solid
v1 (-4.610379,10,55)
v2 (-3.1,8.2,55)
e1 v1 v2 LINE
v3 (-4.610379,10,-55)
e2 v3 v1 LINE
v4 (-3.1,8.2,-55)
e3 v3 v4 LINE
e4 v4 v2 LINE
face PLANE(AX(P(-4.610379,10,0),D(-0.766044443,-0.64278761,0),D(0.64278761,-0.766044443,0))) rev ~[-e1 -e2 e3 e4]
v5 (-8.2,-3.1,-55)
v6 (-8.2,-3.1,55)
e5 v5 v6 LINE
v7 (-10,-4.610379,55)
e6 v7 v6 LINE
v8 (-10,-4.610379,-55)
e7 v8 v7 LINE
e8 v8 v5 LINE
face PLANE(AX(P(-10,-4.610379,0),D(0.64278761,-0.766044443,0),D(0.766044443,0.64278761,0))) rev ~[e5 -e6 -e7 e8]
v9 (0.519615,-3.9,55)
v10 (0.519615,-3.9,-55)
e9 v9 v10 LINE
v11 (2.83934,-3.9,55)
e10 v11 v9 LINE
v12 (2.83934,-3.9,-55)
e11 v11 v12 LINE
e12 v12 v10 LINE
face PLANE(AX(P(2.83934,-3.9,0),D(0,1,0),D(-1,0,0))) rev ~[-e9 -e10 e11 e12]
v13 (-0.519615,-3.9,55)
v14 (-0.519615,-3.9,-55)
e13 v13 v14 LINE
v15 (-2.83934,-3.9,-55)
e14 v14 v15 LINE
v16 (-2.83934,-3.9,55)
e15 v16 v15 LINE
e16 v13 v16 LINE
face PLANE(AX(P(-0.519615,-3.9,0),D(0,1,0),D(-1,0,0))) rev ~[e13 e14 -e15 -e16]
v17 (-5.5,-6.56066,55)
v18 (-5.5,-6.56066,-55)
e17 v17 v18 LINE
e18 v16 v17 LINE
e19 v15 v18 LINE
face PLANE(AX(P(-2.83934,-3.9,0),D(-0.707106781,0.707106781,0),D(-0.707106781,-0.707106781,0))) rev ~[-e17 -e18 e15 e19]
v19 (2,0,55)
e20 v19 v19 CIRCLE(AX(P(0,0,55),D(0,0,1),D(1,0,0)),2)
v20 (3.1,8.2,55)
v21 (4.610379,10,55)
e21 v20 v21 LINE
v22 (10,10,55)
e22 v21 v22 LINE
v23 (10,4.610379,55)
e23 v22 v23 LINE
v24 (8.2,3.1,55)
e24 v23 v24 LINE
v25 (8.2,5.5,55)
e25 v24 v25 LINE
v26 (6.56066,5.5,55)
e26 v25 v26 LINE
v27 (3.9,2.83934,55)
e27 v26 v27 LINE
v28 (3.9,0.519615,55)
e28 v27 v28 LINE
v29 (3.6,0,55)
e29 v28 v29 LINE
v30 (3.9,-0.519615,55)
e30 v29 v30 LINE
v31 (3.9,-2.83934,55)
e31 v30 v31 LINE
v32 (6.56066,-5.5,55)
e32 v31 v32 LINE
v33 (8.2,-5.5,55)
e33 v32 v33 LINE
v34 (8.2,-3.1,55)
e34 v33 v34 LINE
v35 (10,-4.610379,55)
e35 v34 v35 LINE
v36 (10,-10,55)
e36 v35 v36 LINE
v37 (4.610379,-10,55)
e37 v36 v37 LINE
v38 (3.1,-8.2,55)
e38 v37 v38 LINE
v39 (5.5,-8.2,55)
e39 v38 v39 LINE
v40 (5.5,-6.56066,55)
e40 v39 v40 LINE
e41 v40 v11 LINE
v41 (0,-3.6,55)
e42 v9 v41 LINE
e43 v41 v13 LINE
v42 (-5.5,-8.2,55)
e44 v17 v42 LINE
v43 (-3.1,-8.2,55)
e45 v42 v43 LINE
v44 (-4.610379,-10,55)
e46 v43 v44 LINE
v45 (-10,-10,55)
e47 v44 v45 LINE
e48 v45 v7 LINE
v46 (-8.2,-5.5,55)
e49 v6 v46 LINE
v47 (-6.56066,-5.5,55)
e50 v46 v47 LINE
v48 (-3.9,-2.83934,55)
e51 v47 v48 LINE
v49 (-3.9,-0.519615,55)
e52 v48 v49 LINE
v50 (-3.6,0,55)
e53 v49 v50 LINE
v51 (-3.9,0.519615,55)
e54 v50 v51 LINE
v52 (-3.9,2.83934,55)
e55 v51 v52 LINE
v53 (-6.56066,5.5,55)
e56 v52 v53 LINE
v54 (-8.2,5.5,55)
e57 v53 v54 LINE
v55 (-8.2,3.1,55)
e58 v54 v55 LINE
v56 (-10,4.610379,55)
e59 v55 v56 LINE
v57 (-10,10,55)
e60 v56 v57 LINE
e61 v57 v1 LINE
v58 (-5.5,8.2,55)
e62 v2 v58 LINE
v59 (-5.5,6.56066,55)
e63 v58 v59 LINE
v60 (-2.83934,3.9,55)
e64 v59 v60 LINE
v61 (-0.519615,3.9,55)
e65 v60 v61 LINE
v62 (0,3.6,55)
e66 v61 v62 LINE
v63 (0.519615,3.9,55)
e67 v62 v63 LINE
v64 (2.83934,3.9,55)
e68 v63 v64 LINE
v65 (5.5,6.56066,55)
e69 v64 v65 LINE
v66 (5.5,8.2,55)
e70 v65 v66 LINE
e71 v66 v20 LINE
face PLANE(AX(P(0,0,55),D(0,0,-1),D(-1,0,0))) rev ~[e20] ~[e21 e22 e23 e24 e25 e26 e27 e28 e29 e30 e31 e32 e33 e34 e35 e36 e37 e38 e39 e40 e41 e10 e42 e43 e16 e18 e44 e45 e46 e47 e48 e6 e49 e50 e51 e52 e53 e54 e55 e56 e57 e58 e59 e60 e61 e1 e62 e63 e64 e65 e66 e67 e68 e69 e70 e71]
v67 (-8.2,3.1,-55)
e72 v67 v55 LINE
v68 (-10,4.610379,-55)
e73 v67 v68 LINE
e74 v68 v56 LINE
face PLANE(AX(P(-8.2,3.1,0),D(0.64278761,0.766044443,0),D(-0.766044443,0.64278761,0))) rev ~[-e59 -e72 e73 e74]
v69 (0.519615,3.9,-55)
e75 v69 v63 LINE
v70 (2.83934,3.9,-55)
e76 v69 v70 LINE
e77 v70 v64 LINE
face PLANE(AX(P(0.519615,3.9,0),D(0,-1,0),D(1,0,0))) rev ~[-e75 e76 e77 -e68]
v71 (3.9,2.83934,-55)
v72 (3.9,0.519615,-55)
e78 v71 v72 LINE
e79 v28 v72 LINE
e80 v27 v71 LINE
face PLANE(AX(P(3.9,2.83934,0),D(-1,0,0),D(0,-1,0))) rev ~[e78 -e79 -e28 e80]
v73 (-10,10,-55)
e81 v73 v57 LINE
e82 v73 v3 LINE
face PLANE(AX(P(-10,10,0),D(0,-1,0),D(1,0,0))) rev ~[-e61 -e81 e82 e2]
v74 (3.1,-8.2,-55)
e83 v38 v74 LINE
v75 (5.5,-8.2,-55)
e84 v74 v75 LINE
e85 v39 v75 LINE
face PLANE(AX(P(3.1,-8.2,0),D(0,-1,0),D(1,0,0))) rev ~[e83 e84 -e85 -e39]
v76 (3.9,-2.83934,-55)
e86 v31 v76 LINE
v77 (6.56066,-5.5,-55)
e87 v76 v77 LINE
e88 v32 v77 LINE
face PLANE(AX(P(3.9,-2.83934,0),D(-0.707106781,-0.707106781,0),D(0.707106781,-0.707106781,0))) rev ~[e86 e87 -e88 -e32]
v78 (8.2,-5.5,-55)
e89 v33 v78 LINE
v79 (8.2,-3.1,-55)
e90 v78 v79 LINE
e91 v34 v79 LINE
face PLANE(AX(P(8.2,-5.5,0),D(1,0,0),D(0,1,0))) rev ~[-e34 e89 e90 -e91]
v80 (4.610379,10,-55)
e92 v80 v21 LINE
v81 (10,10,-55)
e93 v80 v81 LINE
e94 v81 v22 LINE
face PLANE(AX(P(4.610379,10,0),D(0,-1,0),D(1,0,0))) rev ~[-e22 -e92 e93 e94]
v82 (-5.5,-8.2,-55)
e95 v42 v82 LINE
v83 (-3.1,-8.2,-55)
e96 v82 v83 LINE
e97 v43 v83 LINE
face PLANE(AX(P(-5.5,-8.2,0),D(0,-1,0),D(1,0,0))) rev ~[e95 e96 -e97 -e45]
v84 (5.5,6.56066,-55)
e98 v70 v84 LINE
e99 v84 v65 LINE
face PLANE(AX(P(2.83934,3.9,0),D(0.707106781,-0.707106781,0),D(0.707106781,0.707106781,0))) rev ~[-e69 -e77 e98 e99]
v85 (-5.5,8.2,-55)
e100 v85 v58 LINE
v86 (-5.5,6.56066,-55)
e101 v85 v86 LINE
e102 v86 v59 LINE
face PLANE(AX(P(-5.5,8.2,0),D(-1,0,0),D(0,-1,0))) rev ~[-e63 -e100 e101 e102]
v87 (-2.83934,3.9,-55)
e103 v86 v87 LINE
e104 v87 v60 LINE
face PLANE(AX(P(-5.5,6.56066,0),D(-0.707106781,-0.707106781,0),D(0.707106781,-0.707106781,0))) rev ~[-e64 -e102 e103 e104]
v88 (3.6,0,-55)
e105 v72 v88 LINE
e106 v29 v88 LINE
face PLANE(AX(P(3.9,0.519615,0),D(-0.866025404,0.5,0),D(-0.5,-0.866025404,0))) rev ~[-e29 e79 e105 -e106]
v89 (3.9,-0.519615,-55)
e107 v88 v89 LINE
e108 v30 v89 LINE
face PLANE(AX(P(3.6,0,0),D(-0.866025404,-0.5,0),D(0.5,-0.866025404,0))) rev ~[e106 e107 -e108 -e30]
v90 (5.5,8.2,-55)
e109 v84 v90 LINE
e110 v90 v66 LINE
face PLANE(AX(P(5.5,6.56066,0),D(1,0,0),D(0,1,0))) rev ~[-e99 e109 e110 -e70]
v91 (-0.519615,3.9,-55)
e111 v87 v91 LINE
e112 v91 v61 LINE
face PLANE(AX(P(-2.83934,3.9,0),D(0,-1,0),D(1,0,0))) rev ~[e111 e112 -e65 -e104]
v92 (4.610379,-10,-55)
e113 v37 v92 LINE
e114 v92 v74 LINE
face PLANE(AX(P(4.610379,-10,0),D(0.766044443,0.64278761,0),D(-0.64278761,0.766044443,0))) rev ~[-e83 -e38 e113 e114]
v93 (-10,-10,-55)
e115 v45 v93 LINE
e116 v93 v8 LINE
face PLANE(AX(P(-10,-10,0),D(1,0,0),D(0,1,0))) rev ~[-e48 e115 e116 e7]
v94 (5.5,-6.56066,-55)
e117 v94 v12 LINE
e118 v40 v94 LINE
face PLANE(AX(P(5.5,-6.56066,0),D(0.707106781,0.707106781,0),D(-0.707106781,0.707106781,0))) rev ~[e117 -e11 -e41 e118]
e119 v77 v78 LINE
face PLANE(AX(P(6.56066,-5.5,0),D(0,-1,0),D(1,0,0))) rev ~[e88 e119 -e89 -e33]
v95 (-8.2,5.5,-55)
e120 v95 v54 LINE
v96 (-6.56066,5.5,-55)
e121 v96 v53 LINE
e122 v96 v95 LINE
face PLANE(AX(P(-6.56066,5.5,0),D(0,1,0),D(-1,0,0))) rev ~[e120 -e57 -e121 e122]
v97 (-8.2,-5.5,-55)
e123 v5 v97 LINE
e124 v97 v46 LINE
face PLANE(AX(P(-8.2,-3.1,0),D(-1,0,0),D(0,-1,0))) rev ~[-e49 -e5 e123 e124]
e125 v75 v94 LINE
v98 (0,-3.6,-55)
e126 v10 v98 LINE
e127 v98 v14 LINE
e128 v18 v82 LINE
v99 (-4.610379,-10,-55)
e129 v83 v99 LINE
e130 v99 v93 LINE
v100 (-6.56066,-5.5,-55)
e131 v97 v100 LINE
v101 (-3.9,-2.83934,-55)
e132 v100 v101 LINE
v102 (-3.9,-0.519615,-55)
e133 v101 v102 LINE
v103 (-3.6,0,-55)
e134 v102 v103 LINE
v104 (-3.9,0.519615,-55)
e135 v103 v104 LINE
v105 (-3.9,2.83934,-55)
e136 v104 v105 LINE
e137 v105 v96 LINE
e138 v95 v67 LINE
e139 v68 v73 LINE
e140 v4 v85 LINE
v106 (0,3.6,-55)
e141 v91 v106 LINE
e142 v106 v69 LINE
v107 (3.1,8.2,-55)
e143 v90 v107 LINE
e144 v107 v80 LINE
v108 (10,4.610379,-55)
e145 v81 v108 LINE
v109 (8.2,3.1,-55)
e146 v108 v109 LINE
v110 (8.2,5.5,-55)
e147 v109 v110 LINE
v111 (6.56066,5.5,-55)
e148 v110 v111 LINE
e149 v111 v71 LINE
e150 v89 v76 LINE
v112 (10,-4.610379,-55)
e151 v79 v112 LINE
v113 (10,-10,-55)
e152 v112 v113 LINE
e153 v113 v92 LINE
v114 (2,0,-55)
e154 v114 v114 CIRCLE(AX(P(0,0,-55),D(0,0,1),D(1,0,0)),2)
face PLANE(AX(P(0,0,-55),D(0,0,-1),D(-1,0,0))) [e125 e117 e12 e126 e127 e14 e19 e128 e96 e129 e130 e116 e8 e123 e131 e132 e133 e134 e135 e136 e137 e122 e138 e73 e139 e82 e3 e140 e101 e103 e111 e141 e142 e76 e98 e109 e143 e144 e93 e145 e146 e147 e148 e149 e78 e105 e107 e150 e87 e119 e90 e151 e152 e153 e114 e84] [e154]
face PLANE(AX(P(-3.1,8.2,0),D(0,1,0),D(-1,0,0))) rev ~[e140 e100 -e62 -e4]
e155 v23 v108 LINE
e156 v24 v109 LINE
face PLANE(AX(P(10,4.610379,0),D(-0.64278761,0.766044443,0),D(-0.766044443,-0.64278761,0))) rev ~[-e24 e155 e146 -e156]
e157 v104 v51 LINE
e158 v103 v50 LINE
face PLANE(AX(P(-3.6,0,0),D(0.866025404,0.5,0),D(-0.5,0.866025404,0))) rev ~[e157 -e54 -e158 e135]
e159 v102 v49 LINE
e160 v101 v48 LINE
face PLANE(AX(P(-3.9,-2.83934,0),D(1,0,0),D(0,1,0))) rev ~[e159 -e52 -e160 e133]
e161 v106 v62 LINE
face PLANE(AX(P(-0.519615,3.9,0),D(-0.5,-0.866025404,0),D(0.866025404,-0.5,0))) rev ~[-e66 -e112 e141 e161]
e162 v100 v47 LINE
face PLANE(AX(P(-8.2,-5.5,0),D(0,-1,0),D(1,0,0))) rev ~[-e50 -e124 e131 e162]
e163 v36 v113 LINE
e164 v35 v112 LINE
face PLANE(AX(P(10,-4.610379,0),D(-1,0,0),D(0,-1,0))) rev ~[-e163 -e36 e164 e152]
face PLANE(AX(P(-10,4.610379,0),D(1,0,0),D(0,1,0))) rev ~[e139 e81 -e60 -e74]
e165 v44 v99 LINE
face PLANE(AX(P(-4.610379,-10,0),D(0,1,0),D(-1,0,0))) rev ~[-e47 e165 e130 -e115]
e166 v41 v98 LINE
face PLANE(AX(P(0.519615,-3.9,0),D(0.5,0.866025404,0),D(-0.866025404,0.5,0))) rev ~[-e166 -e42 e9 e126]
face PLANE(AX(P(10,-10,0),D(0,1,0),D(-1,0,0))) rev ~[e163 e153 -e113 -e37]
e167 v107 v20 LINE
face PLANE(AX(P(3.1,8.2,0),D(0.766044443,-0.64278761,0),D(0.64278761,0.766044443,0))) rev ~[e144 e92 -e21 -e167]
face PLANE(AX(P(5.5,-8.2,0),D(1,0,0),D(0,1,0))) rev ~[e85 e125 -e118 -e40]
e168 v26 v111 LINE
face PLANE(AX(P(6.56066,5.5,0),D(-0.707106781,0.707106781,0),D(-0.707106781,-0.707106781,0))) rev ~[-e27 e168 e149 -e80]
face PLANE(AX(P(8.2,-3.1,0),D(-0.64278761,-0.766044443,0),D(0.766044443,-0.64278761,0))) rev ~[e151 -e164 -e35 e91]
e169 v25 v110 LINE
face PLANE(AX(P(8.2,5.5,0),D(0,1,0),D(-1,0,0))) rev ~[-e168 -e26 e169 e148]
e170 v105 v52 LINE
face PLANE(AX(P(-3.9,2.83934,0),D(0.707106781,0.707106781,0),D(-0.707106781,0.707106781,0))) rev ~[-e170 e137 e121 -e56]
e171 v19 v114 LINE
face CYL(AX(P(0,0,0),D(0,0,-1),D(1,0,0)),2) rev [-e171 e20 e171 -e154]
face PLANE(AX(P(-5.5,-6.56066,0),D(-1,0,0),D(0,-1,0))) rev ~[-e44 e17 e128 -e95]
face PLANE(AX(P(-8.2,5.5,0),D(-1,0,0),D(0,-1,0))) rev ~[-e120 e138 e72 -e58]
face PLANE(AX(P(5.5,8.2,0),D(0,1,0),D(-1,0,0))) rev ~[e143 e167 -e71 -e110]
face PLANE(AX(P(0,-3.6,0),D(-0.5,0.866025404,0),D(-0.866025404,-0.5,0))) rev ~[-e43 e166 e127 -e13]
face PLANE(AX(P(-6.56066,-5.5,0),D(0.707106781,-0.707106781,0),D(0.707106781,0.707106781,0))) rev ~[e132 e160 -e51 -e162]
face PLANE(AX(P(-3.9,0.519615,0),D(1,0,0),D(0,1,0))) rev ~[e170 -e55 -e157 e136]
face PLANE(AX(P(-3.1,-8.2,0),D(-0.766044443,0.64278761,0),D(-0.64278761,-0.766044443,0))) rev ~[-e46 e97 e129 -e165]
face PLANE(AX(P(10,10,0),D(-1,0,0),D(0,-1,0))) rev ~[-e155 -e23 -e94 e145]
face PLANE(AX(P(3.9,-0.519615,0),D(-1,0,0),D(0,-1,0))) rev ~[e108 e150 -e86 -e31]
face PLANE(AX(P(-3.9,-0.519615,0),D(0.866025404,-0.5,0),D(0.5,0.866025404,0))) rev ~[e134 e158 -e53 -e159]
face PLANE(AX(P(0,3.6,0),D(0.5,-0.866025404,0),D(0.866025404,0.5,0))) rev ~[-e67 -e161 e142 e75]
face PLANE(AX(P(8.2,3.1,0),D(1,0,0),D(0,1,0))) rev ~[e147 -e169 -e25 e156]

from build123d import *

# Parameters (mm, degrees)
SKETCH1_R           = 2
BOSS_EXTRUDE1_DEPTH = 55


with BuildPart() as part:
    # Sketch1 → Boss-Extrude1 (new body, symmetric)
    with BuildSketch(Plane.XY):
        Polygon((10, 10), (10, 4.610379336), (8.2, 3.1), (8.2, 5.5), (6.560660172, 5.5), (3.9, 2.839339828), (3.9, 0.519615242), (3.6, 0), (3.9, -0.519615242), (3.9, -2.839339828), (6.560660172, -5.5), (8.2, -5.5), (8.2, -3.1), (10, -4.610379336), (10, -10), (4.610379336, -10), (3.1, -8.2), (5.5, -8.2), (5.5, -6.560660172), (2.839339828, -3.9), (0.519615242, -3.9), (0, -3.6), (-0.519615242, -3.9), (-2.839339828, -3.9), (-5.5, -6.560660172), (-5.5, -8.2), (-3.1, -8.2), (-4.610379336, -10), (-10, -10), (-10, -4.610379336), (-8.2, -3.1), (-8.2, -5.5), (-6.560660172, -5.5), (-3.9, -2.839339828), (-3.9, -0.519615242), (-3.6, 0), (-3.9, 0.519615242), (-3.9, 2.839339828), (-6.560660172, 5.5), (-8.2, 5.5), (-8.2, 3.1), (-10, 4.610379336), (-10, 10), (-4.610379336, 10), (-3.1, 8.2), (-5.5, 8.2), (-5.5, 6.560660172), (-2.839339828, 3.9), (-0.519615242, 3.9), (0, 3.6), (0.519615242, 3.9), (2.839339828, 3.9), (5.5, 6.560660172), (5.5, 8.2), (3.1, 8.2), (4.610379336, 10), align=None)
        Circle(SKETCH1_R, mode=Mode.SUBTRACT)
    extrude(amount=BOSS_EXTRUDE1_DEPTH, both=True)


solid = part.part
